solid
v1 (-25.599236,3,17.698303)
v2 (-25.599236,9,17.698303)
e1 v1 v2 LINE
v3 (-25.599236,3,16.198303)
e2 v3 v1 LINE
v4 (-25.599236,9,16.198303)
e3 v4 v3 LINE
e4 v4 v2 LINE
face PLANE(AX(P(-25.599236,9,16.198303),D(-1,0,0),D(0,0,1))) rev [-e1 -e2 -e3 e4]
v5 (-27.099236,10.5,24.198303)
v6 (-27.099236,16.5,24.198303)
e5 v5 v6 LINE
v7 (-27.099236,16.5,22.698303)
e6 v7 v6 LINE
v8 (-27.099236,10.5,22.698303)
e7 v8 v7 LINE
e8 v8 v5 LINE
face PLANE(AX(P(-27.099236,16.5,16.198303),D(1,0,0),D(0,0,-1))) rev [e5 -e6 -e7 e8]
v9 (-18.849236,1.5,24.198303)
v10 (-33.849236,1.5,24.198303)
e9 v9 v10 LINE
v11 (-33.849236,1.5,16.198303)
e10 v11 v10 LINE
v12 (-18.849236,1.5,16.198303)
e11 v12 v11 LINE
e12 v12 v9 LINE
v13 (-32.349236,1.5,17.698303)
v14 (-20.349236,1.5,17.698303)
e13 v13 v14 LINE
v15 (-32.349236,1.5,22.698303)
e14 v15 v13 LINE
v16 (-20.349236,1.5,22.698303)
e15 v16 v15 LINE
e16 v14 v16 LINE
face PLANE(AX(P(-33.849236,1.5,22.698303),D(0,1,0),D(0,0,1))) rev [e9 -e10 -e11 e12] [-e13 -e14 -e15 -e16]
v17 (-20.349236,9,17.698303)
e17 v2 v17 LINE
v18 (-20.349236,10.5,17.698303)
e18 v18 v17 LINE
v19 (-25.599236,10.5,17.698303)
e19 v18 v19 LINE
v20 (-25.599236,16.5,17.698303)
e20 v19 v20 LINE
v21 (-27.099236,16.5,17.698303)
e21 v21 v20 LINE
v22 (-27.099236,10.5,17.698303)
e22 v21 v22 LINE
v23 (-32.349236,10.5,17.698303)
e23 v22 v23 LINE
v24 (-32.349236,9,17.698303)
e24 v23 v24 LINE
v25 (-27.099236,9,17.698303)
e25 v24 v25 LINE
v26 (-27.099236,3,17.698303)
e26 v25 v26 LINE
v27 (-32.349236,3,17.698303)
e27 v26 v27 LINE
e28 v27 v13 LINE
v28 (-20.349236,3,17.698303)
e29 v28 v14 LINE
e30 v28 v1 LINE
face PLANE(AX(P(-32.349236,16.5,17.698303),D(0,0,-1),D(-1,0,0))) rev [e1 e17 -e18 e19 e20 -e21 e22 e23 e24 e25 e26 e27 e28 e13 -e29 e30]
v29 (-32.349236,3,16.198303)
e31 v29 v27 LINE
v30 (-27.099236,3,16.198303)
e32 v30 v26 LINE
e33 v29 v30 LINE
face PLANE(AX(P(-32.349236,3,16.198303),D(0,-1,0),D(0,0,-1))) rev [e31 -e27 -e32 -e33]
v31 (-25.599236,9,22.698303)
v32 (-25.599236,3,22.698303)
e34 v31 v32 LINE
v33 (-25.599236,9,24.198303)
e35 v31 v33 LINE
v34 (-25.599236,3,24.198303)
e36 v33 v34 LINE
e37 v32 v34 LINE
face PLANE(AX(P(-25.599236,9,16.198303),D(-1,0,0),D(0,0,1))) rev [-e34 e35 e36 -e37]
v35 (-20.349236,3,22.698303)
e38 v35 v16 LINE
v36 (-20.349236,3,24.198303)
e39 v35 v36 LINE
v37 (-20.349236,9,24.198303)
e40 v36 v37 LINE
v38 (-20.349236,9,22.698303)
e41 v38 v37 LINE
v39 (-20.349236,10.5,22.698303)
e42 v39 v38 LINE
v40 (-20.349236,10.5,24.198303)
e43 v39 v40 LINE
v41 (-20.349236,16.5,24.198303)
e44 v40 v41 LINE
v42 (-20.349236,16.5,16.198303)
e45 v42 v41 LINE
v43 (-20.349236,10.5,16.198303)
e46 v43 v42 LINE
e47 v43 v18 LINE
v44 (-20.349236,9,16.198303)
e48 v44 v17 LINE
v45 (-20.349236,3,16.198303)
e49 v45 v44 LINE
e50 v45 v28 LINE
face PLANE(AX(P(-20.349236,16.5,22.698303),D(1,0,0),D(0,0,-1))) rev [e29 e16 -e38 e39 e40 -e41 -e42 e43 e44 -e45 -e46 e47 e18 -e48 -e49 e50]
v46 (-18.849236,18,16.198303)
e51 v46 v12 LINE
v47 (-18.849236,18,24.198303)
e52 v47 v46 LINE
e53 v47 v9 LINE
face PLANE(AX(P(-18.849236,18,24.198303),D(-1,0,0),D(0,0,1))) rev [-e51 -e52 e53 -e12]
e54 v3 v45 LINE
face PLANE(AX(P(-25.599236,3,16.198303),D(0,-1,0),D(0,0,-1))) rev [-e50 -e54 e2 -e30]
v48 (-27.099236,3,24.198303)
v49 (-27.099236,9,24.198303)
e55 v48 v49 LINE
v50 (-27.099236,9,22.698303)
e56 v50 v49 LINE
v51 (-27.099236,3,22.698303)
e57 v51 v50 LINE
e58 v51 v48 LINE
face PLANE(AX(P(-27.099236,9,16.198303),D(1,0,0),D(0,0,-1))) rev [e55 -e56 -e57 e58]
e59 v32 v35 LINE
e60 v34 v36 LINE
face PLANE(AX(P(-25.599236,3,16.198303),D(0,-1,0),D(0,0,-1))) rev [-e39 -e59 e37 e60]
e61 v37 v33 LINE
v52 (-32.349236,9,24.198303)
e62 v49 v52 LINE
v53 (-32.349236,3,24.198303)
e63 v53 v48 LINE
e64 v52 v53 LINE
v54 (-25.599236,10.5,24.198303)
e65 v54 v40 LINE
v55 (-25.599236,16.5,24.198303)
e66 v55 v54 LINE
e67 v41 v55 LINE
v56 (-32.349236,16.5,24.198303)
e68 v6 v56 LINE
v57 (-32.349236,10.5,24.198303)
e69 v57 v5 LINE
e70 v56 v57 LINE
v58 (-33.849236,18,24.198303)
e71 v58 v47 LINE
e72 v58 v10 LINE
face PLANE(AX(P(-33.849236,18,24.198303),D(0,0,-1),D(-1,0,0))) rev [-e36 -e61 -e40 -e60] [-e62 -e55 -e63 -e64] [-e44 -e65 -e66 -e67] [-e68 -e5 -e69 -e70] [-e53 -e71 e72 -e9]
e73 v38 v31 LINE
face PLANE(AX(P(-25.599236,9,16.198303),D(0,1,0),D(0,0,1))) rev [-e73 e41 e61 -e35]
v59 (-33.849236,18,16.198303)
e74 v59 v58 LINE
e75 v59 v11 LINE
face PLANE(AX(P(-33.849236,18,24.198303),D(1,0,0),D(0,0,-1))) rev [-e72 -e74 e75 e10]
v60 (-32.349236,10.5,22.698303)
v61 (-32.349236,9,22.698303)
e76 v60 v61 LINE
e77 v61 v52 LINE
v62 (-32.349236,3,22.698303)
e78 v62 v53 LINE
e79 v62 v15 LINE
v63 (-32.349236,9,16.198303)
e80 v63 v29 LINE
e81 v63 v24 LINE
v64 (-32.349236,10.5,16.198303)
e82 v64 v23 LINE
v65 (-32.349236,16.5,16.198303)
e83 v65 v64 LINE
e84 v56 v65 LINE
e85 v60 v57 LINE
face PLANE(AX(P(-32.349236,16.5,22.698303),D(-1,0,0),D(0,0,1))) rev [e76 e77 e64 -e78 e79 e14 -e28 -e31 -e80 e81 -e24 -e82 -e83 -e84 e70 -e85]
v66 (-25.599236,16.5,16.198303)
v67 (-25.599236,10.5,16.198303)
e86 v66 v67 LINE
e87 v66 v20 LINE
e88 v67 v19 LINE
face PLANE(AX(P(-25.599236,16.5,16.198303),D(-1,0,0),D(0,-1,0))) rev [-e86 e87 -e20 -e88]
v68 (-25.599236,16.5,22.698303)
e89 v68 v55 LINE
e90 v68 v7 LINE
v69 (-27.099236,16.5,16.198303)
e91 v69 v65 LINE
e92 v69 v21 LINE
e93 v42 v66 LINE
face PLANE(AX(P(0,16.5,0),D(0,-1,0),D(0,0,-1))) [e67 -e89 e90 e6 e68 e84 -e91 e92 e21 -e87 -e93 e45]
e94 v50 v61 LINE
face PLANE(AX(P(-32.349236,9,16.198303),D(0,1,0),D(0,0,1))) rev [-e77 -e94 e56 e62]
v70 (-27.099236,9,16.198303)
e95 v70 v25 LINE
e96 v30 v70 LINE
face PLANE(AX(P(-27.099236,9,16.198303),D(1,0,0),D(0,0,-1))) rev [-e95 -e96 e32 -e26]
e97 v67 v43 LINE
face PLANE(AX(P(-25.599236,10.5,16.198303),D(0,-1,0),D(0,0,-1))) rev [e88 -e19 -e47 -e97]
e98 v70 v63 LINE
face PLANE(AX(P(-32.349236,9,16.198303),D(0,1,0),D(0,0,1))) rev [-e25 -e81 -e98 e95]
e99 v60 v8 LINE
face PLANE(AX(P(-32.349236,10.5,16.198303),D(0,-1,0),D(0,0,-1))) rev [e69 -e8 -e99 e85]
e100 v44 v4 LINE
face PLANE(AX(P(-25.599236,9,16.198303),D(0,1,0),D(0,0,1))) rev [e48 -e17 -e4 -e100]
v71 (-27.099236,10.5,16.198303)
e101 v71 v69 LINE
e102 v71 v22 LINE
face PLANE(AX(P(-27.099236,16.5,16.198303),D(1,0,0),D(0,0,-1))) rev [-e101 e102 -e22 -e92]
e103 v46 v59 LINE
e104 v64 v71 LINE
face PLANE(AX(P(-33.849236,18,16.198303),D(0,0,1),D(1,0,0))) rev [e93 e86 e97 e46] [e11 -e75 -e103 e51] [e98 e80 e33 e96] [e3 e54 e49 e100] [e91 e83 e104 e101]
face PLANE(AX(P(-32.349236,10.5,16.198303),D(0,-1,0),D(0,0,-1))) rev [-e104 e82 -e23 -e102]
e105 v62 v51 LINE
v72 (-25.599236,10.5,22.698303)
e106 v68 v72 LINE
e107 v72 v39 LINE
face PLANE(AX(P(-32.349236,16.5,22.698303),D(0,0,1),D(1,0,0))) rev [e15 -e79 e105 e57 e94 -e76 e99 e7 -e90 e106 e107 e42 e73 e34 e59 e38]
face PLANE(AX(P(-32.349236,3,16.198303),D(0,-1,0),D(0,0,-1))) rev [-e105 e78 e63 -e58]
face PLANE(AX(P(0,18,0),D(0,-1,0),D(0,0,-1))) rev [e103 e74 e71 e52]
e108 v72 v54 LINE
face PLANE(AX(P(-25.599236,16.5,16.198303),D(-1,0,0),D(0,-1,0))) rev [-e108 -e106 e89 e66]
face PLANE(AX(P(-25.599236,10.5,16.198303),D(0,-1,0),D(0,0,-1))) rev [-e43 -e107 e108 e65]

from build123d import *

# Parameters (mm, degrees)
SKETCH1_W           = 15
SKETCH1_H           = 8
BOSS_EXTRUDE2_DEPTH = 18
SKETCH2_W           = 12
SKETCH2_H           = 5
CUT_EXTRUDE1_DEPTH  = 16.5
SKETCH3_W           = 5.25
SKETCH3_H           = 6
CUT_EXTRUDE2_DEPTH  = 8
SKETCH5_W           = 5
SKETCH5_H           = 1.5
CUT_EXTRUDE3_DEPTH  = 15
SKETCH4_W           = 5.25
SKETCH4_H           = 1.5
CUT_EXTRUDE4_DEPTH  = 15
SKETCH6_W           = 15
SKETCH6_H           = 8
CUT_EXTRUDE5_DEPTH  = 1.5


with BuildPart() as part:
    # Sketch1 → Boss-Extrude2 (new body)
    with BuildSketch(Plane(origin=(0, 0, 0), x_dir=(1, 0, 0), z_dir=(0, 1, 0))):
        with Locations((-26.34923581, -20.1983027)):
            Rectangle(SKETCH1_W, SKETCH1_H)
    extrude(amount=BOSS_EXTRUDE2_DEPTH)

    # Sketch2 → Cut-Extrude1 (cut)
    with BuildSketch(Plane(origin=(0, 0, 0), x_dir=(-1, 0, 0), z_dir=(0, -1, 0))):
        with Locations((26.34923581, -20.1983027)):
            Rectangle(SKETCH2_W, SKETCH2_H)
    extrude(amount=-CUT_EXTRUDE1_DEPTH, mode=Mode.SUBTRACT)

    # Sketch3 → Cut-Extrude2 (cut)
    with BuildSketch(Plane.XY.offset(24.1983027)):
        with Locations((-29.72423581, 13.5)):
            Rectangle(SKETCH3_W, SKETCH3_H)
        with Locations((-22.97423581, 13.5)):
            Rectangle(SKETCH3_W, SKETCH3_H)
        with Locations((-22.97423581, 6)):
            Rectangle(SKETCH3_W, SKETCH3_H)
        with Locations((-29.72423581, 6)):
            Rectangle(SKETCH3_W, SKETCH3_H)
    extrude(amount=-CUT_EXTRUDE2_DEPTH, mode=Mode.SUBTRACT)

    # Sketch5 → Cut-Extrude3 (cut)
    with BuildSketch(Plane(origin=(-18.84923581, 0, 0), x_dir=(0, 0, -1), z_dir=(1, 0, 0))):
        with Locations((-20.1983027, 0.75)):
            Rectangle(SKETCH5_W, SKETCH5_H)
    extrude(amount=-CUT_EXTRUDE3_DEPTH, mode=Mode.SUBTRACT)

    # Sketch4 → Cut-Extrude4 (cut)
    with BuildSketch(Plane.XY.offset(24.1983027)):
        with Locations((-29.72423581, 0.75)):
            Rectangle(SKETCH4_W, SKETCH4_H)
        with Locations((-22.97423581, 0.75)):
            Rectangle(SKETCH4_W, SKETCH4_H)
    extrude(amount=-CUT_EXTRUDE4_DEPTH, mode=Mode.SUBTRACT)

    # Sketch6 → Cut-Extrude5 (cut)
    with BuildSketch(Plane.XZ):
        with Locations((-26.34923581, 20.1983027)):
            Rectangle(SKETCH6_W, SKETCH6_H)
    extrude(amount=-CUT_EXTRUDE5_DEPTH, mode=Mode.SUBTRACT)


solid = part.part
